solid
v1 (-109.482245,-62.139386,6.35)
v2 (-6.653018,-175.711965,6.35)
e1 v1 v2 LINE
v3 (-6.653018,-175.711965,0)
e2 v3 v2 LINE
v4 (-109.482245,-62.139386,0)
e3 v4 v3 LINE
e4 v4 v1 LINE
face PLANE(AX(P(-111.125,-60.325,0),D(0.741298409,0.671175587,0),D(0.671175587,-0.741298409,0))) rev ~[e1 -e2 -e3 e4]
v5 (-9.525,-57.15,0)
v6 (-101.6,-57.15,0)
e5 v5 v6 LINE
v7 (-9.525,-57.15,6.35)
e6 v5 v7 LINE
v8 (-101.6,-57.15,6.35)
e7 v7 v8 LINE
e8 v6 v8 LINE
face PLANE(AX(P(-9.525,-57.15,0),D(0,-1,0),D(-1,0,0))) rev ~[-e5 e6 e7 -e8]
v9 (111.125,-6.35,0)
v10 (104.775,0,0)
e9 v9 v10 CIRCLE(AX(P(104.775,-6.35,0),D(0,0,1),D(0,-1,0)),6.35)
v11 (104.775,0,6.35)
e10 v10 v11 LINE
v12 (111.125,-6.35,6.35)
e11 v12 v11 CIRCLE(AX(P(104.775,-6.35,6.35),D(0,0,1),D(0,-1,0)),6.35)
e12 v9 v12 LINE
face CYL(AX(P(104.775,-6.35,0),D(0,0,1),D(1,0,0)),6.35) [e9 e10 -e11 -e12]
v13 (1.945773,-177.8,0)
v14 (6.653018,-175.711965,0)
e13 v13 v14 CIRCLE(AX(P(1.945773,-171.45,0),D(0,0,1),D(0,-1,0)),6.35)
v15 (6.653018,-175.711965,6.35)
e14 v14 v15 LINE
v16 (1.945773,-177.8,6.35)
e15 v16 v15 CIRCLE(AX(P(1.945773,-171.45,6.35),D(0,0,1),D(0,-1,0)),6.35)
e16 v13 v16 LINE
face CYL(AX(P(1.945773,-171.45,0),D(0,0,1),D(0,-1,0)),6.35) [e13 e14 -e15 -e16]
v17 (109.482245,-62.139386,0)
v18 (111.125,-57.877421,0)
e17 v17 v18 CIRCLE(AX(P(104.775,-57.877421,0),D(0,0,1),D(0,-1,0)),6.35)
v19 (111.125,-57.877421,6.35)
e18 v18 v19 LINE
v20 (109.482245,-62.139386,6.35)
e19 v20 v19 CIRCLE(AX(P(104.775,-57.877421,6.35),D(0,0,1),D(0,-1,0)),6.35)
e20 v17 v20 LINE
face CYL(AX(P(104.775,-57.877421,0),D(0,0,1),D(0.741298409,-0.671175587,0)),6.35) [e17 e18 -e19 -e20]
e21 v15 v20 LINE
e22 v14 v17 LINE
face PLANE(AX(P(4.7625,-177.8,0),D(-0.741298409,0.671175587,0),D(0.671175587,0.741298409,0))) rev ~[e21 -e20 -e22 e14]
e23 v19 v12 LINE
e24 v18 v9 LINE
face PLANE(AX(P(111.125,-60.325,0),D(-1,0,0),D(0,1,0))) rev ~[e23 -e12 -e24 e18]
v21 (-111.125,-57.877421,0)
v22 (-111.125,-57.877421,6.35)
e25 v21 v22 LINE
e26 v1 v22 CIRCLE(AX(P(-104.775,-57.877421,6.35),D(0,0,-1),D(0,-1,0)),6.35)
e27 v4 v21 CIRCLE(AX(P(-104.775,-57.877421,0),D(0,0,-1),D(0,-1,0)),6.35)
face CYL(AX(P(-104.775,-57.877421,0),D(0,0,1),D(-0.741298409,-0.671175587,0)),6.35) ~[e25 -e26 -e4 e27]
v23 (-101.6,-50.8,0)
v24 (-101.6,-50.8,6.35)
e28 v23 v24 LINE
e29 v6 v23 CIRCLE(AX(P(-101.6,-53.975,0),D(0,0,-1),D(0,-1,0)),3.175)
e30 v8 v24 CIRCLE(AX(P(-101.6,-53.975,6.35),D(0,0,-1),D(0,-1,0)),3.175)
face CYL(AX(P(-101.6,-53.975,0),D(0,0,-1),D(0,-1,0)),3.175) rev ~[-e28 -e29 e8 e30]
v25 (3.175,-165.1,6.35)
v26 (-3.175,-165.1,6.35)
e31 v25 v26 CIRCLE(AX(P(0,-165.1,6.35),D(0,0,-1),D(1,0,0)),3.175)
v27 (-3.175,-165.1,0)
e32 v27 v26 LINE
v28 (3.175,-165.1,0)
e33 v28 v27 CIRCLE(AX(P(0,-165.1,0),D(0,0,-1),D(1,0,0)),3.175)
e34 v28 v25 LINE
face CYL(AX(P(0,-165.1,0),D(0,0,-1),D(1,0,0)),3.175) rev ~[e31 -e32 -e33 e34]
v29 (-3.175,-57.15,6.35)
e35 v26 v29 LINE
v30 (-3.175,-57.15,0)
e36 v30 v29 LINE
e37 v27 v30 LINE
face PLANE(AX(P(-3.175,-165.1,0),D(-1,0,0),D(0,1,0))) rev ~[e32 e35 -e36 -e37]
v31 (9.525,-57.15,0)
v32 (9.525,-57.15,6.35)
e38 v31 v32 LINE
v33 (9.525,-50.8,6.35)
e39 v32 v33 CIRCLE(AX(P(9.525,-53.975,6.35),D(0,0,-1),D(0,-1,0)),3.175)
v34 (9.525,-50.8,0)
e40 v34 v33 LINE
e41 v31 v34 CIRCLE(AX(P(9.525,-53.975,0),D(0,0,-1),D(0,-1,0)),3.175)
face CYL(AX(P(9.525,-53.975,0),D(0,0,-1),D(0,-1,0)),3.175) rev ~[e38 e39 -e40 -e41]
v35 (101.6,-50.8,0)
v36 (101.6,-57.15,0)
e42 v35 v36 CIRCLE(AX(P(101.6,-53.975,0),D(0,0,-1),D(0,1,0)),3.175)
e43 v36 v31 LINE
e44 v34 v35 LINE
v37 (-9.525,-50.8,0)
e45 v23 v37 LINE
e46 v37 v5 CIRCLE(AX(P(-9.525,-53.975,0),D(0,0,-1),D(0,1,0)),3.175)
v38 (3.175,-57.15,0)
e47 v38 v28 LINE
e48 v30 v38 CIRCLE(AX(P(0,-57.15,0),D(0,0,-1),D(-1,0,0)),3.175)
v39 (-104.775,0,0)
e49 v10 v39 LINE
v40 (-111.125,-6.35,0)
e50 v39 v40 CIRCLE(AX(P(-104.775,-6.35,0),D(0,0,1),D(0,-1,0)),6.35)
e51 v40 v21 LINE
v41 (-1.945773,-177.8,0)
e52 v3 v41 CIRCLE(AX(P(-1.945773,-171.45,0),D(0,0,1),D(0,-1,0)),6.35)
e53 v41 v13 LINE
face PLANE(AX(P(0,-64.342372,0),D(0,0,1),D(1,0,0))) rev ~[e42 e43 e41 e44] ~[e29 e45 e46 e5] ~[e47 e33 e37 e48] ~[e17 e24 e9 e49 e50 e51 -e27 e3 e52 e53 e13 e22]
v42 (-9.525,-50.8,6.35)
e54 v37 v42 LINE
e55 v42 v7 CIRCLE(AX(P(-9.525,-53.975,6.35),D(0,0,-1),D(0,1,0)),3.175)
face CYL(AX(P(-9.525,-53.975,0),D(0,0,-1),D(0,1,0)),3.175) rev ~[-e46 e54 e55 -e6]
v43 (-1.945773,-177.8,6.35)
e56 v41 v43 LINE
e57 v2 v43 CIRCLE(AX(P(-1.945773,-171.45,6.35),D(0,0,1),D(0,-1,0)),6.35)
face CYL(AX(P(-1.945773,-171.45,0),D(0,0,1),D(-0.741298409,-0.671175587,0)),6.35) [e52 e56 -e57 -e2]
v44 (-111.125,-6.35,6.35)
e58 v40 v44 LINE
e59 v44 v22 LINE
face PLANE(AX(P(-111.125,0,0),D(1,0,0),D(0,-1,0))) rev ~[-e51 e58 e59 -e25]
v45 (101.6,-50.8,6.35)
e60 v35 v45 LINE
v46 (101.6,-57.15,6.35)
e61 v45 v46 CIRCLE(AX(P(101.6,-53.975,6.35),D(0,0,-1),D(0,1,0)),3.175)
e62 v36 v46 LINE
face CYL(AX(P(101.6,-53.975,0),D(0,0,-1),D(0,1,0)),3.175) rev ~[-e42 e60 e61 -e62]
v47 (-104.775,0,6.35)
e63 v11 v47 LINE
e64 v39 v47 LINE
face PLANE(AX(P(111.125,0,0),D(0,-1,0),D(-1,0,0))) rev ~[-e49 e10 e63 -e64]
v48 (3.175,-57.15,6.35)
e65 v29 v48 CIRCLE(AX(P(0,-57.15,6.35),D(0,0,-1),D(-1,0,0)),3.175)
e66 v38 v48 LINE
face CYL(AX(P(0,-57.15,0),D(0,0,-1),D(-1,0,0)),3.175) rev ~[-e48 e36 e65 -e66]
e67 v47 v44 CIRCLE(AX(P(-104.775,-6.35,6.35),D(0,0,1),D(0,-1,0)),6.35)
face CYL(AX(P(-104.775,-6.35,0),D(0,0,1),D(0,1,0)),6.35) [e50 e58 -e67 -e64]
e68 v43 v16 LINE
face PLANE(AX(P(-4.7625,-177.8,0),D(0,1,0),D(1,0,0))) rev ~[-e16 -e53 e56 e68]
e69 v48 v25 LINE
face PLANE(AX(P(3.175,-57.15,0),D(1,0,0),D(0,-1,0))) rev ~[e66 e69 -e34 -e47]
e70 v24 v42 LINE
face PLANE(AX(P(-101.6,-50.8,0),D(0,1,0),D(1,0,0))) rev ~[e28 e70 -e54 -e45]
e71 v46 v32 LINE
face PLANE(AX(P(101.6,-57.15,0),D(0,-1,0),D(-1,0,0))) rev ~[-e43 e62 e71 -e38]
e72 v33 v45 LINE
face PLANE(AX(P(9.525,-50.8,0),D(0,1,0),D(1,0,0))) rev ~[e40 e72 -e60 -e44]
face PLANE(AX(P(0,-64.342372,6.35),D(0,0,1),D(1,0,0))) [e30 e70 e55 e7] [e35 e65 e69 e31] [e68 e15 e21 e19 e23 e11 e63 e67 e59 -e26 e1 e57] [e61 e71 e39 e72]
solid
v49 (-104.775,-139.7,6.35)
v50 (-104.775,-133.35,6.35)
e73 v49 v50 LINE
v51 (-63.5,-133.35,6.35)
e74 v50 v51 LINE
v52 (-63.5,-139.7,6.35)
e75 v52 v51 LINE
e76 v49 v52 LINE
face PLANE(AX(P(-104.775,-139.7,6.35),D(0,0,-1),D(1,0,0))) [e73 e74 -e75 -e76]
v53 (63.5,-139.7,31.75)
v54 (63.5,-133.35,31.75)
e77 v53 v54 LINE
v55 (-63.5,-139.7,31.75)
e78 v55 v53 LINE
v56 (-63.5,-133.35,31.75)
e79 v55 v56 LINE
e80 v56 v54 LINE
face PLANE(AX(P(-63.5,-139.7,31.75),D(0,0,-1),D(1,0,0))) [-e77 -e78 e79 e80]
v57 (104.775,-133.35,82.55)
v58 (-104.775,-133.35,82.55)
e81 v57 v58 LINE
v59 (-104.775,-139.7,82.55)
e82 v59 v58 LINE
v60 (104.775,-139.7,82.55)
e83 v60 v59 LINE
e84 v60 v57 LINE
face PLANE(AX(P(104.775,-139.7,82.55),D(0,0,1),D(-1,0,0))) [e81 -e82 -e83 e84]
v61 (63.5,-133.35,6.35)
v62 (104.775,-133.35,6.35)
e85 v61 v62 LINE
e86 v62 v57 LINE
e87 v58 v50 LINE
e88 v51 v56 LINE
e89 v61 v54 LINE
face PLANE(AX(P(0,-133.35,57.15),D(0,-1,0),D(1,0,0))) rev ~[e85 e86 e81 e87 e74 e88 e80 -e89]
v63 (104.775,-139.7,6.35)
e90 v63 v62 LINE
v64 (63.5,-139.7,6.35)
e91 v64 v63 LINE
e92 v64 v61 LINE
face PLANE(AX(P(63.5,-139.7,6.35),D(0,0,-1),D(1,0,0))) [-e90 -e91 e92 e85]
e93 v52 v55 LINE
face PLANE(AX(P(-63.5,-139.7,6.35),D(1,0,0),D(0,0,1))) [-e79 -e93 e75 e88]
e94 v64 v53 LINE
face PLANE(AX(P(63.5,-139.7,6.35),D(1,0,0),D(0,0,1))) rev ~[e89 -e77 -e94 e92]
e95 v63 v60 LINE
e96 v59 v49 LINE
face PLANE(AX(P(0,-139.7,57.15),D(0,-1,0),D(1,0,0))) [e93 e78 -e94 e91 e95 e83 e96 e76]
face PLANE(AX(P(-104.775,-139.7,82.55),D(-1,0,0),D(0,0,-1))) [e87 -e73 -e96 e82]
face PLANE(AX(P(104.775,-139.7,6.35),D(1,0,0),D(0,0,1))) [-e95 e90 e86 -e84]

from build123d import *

# Parameters (mm, degrees)
F1_DEPTH = 6.35
F3_W     = 41.275
F3_H     = 25.4
F4_DEPTH = 6.35
F5_R     = 6.35


with BuildPart() as f1:
    # F0 (on Top) → F1 (new body)
    with BuildSketch(Plane.XY):
        Polygon((-111.125, -60.325), (-4.7625, -177.8), (4.7625, -177.8), (111.125, -60.325), (111.125, 0), (-111.125, 0), align=None)
        with BuildLine():
            Line((-9.525, -57.15), (-101.6, -57.15))
            ThreePointArc((-101.6, -57.15), (-104.775, -53.975), (-101.6, -50.8))
            Line((-101.6, -50.8), (-9.525, -50.8))
            Line((-9.525, -50.8), (9.525, -50.8))
            Line((9.525, -50.8), (101.6, -50.8))
            ThreePointArc((101.6, -50.8), (104.775, -53.975), (101.6, -57.15))
            Line((101.6, -57.15), (9.525, -57.15))
            Line((9.525, -57.15), (3.175, -57.15))
            Line((3.175, -57.15), (3.175, -165.1))
            ThreePointArc((3.175, -165.1), (0, -168.275), (-3.175, -165.1))
            Line((-3.175, -165.1), (-3.175, -57.15))
            Line((-3.175, -57.15), (-9.525, -57.15))
        make_face(mode=Mode.SUBTRACT)
        with BuildLine():
            ThreePointArc((-9.525, -50.8), (-6.35, -53.975), (-9.525, -57.15))
            Line((-9.525, -57.15), (-3.175, -57.15))
            ThreePointArc((-3.175, -57.15), (0, -53.975), (3.175, -57.15))
            Line((3.175, -57.15), (9.525, -57.15))
            ThreePointArc((9.525, -57.15), (6.35, -53.975), (9.525, -50.8))
            Line((9.525, -50.8), (-9.525, -50.8))
        make_face()
    extrude(amount=F1_DEPTH)

    # F5
    f5_edges = [f1.edges().sort_by_distance(p)[0] for p in [
        (-111.125, -60.325, 3.175),
        (-111.125, 0, 3.175),
        (-4.7625, -177.8, 3.175),
        (4.7625, -177.8, 3.175),
        (111.125, 0, 3.175),
        (111.125, -60.325, 3.175),
    ]]
    fillet(f5_edges, radius=F5_R)


with BuildPart() as f4:
    # F3 (on offset) → F4 (new body)
    with BuildSketch(Plane.XZ.offset(139.7)):
        Polygon((104.775, 82.55), (-104.775, 82.55), (-104.775, 31.75), (-63.5, 31.75), (63.5, 31.75), (104.775, 31.75), align=None)
        with Locations((-84.1375, 19.05)):
            Rectangle(F3_W, F3_H)
        with Locations((84.1375, 19.05)):
            Rectangle(F3_W, F3_H)
    extrude(amount=-F4_DEPTH)


solid = Compound([f1.part, f4.part])
